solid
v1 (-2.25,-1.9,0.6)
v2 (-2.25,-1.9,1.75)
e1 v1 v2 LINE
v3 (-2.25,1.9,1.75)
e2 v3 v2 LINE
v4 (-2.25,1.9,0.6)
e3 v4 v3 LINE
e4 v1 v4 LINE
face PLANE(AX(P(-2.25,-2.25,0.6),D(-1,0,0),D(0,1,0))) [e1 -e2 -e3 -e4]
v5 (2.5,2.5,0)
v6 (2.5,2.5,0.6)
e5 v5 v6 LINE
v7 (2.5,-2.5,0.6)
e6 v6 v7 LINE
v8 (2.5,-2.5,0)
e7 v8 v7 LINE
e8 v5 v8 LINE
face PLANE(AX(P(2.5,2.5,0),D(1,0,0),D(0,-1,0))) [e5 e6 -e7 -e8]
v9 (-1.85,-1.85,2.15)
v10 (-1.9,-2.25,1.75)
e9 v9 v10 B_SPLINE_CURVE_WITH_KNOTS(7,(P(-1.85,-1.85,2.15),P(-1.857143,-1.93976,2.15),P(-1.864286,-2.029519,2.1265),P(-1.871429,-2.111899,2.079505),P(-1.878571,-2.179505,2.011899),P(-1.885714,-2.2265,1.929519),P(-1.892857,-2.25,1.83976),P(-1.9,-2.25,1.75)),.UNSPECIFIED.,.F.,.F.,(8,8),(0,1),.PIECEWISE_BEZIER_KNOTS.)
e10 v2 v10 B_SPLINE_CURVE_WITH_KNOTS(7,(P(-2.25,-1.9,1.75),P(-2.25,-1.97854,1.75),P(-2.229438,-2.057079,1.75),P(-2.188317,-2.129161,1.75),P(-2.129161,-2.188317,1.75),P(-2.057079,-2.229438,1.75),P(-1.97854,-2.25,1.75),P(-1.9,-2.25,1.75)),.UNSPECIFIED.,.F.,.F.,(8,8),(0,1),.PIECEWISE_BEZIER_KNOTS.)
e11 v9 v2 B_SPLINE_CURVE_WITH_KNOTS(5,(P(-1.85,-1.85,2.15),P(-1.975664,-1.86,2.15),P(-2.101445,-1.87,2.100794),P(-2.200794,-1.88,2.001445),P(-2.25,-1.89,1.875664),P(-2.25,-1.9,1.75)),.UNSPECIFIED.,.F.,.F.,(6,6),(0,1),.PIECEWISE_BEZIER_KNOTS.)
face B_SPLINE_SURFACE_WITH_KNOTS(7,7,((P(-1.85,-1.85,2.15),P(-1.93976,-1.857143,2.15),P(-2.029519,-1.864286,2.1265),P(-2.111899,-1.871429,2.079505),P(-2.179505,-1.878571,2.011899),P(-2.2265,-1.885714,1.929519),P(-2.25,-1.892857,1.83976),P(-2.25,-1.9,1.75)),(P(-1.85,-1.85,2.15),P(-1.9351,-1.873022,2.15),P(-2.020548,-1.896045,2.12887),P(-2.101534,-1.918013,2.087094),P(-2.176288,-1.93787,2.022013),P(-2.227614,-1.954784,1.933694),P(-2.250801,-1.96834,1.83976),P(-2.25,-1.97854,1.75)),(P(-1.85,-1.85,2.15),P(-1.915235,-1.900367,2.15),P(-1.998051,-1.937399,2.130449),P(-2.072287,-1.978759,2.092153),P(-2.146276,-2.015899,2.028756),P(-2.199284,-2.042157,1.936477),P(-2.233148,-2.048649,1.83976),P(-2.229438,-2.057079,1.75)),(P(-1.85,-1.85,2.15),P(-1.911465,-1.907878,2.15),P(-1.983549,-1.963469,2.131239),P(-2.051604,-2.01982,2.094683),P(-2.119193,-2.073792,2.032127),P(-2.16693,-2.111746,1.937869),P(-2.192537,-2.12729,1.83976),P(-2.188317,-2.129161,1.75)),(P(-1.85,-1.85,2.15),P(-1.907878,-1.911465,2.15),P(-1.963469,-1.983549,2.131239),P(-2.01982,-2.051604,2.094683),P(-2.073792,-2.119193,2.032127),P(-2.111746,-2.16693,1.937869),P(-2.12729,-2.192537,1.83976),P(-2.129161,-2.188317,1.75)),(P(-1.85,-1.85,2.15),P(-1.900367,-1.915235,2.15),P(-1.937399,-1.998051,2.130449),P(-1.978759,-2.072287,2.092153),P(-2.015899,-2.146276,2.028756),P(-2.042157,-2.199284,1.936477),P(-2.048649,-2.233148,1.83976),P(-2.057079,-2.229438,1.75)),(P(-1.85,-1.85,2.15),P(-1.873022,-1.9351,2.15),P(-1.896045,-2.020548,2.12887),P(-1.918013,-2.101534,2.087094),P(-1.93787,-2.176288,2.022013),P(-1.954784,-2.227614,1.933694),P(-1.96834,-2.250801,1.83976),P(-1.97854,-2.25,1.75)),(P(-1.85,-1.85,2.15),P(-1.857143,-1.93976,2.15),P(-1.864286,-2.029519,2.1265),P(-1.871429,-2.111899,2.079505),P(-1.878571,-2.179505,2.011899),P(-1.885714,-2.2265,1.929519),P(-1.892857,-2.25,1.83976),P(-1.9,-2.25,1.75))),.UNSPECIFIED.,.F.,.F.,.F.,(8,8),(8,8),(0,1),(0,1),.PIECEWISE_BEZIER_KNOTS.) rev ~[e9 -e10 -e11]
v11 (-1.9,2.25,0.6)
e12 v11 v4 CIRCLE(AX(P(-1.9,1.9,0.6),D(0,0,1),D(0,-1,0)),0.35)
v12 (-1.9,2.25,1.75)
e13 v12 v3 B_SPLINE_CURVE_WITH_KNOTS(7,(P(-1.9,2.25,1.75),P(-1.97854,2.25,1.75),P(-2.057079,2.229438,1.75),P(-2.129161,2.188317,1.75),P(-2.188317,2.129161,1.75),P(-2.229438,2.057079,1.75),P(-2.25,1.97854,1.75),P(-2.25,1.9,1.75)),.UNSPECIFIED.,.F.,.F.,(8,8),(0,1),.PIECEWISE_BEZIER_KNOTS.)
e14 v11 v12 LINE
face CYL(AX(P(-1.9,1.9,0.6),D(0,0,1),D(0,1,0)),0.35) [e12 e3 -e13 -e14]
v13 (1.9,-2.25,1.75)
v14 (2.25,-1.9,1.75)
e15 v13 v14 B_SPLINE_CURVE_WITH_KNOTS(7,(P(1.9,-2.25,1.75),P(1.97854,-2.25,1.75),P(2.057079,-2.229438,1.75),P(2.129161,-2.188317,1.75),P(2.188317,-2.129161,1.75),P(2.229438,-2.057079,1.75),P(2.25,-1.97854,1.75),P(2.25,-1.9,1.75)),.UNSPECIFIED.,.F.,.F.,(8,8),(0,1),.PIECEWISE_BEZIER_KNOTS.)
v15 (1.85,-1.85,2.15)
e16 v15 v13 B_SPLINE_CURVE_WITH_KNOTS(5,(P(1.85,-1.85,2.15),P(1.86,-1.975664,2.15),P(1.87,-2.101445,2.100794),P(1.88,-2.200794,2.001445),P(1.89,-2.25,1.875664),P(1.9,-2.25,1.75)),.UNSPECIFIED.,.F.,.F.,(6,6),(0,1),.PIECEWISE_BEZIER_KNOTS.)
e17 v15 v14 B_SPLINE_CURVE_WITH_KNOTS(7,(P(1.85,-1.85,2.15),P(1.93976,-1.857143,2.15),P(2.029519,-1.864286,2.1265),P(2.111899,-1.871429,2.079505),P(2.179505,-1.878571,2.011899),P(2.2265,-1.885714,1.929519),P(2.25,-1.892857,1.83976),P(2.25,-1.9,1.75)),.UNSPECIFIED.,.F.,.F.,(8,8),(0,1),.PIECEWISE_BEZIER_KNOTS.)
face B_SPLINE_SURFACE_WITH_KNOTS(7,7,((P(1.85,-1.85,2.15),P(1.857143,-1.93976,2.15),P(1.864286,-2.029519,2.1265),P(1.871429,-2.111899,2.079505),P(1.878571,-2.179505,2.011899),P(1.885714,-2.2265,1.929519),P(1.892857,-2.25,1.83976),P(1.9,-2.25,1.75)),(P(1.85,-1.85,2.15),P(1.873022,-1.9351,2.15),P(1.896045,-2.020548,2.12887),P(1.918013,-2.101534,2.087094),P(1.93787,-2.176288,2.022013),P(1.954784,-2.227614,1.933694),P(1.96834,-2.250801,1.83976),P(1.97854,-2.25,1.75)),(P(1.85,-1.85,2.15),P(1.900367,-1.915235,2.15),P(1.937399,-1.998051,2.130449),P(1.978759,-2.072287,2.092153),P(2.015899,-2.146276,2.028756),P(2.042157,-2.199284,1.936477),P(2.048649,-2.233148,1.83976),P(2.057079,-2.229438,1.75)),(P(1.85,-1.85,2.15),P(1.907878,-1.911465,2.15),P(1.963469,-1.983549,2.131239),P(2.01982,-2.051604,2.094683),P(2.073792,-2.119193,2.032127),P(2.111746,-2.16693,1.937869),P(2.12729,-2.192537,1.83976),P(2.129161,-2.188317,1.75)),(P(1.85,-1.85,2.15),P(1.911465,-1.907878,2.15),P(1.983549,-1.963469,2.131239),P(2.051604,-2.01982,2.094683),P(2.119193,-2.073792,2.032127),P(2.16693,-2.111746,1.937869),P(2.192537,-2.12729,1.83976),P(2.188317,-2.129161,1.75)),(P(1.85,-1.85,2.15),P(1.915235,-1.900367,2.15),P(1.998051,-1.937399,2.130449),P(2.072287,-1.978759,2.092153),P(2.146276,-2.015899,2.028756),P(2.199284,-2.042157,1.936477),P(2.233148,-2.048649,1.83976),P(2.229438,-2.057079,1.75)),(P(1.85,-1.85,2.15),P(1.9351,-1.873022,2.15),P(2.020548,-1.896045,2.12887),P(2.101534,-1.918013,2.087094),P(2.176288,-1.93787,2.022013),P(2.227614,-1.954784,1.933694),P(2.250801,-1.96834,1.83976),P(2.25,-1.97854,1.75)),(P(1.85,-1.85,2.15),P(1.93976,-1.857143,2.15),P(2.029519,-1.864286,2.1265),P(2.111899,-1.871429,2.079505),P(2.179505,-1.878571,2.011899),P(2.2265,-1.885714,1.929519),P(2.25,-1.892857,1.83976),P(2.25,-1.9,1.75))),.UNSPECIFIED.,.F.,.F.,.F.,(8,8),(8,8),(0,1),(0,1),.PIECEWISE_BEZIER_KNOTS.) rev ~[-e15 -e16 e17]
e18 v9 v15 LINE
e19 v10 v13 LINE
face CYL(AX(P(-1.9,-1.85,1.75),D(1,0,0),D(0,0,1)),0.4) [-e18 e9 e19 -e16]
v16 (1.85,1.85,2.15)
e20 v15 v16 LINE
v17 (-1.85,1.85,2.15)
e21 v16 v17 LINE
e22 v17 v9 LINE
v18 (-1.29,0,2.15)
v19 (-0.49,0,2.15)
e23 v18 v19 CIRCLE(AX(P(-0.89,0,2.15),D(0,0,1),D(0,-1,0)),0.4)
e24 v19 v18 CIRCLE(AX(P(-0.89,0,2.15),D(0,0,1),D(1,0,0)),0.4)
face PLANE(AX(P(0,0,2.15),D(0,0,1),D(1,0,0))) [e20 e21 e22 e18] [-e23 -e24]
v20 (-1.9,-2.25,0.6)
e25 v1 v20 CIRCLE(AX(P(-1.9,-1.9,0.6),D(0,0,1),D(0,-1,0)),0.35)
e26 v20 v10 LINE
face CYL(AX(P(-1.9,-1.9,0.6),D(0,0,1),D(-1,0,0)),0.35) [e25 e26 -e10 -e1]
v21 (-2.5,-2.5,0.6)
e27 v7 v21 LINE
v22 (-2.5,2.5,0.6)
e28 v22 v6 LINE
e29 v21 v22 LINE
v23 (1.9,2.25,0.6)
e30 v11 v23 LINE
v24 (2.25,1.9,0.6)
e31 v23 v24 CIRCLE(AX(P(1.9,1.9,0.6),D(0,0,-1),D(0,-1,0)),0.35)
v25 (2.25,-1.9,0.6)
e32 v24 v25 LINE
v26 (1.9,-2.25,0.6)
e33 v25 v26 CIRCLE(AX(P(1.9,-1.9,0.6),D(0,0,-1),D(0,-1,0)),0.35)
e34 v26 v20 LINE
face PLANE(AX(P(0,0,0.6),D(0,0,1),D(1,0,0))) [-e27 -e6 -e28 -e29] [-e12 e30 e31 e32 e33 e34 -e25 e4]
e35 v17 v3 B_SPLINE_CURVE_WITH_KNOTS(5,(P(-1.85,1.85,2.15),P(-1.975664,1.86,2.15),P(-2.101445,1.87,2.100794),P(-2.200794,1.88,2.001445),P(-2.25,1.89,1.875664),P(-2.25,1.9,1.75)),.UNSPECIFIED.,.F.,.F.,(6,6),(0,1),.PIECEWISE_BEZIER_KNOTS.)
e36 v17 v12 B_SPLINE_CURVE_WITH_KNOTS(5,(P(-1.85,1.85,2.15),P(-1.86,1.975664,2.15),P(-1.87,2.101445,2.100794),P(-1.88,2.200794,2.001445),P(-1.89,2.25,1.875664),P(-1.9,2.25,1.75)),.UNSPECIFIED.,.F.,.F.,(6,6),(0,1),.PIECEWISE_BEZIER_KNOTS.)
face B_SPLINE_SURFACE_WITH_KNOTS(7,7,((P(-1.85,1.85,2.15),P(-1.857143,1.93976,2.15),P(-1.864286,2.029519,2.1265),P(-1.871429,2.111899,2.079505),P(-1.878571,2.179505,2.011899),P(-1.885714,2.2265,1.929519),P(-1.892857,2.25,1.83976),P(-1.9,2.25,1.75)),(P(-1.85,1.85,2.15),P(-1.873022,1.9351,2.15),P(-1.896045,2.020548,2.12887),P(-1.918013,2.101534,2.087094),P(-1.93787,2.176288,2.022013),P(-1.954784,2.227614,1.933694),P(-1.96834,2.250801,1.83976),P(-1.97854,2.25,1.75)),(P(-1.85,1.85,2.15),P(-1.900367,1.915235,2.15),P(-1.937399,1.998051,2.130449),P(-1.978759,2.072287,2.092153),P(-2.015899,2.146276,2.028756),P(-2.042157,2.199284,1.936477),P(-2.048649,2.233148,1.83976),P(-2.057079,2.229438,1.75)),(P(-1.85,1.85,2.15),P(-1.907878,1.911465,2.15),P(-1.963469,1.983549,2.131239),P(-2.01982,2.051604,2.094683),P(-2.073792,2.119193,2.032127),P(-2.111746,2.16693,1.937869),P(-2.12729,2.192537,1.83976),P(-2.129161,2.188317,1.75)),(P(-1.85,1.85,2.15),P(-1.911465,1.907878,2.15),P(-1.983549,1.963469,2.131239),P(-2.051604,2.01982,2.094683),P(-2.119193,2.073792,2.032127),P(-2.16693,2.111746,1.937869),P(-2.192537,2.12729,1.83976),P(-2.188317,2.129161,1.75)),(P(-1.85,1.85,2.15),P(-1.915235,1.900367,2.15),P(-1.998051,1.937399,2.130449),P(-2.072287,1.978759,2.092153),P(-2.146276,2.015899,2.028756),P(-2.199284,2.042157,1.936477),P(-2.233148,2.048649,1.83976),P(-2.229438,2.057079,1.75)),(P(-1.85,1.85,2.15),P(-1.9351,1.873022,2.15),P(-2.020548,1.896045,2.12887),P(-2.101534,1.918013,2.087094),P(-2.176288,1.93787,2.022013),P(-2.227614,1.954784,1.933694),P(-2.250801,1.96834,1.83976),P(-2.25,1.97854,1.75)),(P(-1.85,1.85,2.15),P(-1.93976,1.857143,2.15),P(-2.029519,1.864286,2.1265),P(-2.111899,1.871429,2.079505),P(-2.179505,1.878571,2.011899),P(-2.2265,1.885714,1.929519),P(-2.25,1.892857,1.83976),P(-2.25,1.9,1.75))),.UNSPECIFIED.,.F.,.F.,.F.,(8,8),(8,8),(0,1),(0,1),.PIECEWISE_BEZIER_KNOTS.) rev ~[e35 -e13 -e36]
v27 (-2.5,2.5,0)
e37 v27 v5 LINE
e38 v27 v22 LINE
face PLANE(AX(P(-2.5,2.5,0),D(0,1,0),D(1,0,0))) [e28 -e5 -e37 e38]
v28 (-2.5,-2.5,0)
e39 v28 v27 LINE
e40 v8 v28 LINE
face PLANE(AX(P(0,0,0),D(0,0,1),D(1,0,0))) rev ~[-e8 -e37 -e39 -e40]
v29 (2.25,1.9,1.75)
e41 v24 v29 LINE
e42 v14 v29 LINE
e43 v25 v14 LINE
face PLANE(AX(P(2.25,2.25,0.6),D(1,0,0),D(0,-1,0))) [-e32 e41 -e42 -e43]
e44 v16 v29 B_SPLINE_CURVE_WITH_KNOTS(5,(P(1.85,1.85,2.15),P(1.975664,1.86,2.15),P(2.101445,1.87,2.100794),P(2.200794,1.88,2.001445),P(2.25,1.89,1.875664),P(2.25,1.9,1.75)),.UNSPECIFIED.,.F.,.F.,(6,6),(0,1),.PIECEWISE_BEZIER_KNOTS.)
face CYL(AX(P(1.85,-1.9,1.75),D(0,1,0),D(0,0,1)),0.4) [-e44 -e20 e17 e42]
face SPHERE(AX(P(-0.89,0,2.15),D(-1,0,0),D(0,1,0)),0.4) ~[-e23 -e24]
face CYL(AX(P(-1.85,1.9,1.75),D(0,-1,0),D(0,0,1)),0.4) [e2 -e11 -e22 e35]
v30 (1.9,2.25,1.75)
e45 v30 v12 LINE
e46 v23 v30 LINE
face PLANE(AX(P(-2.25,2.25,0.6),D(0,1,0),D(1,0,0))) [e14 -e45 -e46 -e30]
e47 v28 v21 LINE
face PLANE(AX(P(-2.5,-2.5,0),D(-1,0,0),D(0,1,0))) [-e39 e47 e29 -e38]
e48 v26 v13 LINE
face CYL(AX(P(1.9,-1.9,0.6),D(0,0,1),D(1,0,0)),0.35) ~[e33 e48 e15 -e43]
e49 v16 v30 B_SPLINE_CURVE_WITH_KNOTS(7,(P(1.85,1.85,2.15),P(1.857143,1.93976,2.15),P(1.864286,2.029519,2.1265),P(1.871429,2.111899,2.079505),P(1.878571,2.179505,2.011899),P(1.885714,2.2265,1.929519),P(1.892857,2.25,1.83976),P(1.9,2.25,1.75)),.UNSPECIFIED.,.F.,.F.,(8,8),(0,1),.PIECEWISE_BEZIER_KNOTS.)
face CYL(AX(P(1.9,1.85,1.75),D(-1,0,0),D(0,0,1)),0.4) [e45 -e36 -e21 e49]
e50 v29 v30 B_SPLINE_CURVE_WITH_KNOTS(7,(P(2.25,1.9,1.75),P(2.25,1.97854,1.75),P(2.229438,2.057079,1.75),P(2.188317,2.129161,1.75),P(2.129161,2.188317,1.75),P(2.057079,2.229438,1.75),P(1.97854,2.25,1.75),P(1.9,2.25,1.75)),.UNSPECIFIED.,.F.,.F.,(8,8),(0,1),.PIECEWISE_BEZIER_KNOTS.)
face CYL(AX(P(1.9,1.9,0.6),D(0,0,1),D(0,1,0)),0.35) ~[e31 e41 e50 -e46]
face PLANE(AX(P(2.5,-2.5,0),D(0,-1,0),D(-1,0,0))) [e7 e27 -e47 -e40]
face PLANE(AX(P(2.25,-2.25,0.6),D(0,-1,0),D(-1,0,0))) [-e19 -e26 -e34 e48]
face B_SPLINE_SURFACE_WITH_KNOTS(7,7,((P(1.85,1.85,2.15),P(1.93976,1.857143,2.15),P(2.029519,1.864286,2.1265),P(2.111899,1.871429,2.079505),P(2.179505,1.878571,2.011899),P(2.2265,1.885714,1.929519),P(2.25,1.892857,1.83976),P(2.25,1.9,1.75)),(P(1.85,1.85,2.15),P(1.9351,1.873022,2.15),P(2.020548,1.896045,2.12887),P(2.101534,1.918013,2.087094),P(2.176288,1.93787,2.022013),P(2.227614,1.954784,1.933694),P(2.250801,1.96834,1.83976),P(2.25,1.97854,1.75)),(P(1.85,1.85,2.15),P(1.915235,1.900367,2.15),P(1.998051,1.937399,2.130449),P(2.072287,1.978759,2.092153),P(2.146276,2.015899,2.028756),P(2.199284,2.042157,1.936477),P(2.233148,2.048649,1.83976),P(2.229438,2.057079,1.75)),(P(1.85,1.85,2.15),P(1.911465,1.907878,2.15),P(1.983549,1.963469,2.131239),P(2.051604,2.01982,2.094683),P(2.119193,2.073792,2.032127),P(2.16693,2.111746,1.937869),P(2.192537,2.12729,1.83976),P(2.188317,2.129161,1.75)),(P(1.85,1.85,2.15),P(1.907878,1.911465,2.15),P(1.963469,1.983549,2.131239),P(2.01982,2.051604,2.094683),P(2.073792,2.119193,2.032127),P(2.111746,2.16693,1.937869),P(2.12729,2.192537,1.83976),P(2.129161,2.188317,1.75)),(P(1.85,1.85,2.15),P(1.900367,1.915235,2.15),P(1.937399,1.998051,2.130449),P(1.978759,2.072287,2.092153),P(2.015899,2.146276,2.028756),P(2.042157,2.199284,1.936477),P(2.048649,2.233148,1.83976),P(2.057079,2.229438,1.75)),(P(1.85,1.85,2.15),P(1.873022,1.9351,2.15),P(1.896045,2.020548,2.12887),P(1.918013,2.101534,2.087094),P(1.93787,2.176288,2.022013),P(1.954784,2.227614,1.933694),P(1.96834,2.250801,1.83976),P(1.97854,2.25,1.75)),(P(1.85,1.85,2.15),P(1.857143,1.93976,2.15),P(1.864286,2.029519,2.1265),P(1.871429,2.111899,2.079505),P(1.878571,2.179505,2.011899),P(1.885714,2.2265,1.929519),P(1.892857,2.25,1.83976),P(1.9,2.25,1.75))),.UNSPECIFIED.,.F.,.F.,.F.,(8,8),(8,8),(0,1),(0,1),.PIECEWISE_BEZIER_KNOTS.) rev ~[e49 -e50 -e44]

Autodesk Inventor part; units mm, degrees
ref_plane "YZ Plane" through (0, 0, 0) normal (1, 0, 0) x (0, 1, 0)
ref_plane "XZ Plane" through (0, 0, 0) normal (0, 1, 0) x (-1, 0, 0)
ref_plane "XY Plane" through (0, 0, 0) normal (0, 0, 1) x (1, 0, 0)
sketch "草图1" plane through (0, 0, 0) normal (0, 0, 1) x (1, 0, 0)
  line L0 (-2.5, 2.5) -> (2.5, 2.5)
  line L1 (2.5, 2.5) -> (2.5, -2.5)
  line L2 (2.5, -2.5) -> (-2.5, -2.5)
  line L3 (-2.5, -2.5) -> (-2.5, 2.5)
  point P0 (0, 0)
  point P1 (0, 2.5)
  point P2 (-2.5, 0)
  dimension "d0" = 5
  dimension "d1" = 5
extrude "拉伸1" add sketch "草图1" along normal blind 0.6
sketch "草图2" plane through (0, 0, 0.6) normal (0, 0, 1) x (1, 0, 0)
  line L0 (-2.25, 2.25) -> (2.25, 2.25)
  line L1 (2.25, 2.25) -> (2.25, -2.25)
  line L2 (2.25, -2.25) -> (-2.25, -2.25)
  line L3 (-2.25, -2.25) -> (-2.25, 2.25)
  point P0 (0, 0)
  point P1 (-2.25, 0)
  point P2 (0, 2.25)
  dimension "d4" = 4.5
  dimension "d5" = 4.5
extrude "拉伸2" add sketch "草图2" along normal blind 1.55
sketch "草图3" plane through (0, 0, 2.15) normal (0, 0, 1) x (1, 0, 0)
  line L0 (2.25, 2.25) -> (-2.25, 2.25) projected
  line L1 (-2.25, 2.25) -> (-2.25, -2.25) projected
  line L2 (-2.25, -2.25) -> (2.25, -2.25) projected
  line L3 (2.25, -2.25) -> (2.25, 2.25) projected
  line L4 (2.25, 2.25) -> (2.25, -2.25) projected
  line L5 (2.25, -2.25) -> (-2.25, -2.25) projected
  line L6 (-2.25, -2.25) -> (-2.25, 2.25) projected
  line L7 (-2.25, 2.25) -> (2.25, 2.25) projected
  line L8 (2.5, 2.5) -> (-2.5, 2.5) projected
  line L9 (-2.5, 2.5) -> (-2.5, -2.5) projected
  line L10 (-2.5, -2.5) -> (2.5, -2.5) projected
  line L11 (2.5, -2.5) -> (2.5, 2.5) projected
  arc A0 (-0.49, 0) -> (-1.29, 0) centre (-0.89, 0) ccw
  line L12 (-1.29, 0) -> (-0.49, 0)
  point P0 (0, 0)
  point P1 (-2.25, 0)
  point P2 (-2.5, 0)
  dimension "d8" = 1.61
  dimension "d10" = 0.4
revolve "旋转1" add sketch "草图3" angle 360 about axis through (-1.29, 0, 2.15) along (1, 0, 0) contours L12 A0
fillet "圆角1" radius 0.35 4 edges at (-2.25, -2.25, 1.375) (2.25, -2.25, 1.375) (2.25, 2.25, 1.375) (-2.25, 2.25, 1.375)
fillet "圆角2" radius 0.4 8 edges at (-2.1475, 2.1475, 2.15) (-2.25, 0, 2.15) (-2.1475, -2.1475, 2.15) (0, -2.25, 2.15) (2.1475, -2.1475, 2.15) (2.25, 0, 2.15) (2.1475, 2.1475, 2.15) (0, 2.25, 2.15)
equation "\"d1\" = d0"
equation "\"d5\" = d4"
properties part number "FMA-Sensor-Body"
